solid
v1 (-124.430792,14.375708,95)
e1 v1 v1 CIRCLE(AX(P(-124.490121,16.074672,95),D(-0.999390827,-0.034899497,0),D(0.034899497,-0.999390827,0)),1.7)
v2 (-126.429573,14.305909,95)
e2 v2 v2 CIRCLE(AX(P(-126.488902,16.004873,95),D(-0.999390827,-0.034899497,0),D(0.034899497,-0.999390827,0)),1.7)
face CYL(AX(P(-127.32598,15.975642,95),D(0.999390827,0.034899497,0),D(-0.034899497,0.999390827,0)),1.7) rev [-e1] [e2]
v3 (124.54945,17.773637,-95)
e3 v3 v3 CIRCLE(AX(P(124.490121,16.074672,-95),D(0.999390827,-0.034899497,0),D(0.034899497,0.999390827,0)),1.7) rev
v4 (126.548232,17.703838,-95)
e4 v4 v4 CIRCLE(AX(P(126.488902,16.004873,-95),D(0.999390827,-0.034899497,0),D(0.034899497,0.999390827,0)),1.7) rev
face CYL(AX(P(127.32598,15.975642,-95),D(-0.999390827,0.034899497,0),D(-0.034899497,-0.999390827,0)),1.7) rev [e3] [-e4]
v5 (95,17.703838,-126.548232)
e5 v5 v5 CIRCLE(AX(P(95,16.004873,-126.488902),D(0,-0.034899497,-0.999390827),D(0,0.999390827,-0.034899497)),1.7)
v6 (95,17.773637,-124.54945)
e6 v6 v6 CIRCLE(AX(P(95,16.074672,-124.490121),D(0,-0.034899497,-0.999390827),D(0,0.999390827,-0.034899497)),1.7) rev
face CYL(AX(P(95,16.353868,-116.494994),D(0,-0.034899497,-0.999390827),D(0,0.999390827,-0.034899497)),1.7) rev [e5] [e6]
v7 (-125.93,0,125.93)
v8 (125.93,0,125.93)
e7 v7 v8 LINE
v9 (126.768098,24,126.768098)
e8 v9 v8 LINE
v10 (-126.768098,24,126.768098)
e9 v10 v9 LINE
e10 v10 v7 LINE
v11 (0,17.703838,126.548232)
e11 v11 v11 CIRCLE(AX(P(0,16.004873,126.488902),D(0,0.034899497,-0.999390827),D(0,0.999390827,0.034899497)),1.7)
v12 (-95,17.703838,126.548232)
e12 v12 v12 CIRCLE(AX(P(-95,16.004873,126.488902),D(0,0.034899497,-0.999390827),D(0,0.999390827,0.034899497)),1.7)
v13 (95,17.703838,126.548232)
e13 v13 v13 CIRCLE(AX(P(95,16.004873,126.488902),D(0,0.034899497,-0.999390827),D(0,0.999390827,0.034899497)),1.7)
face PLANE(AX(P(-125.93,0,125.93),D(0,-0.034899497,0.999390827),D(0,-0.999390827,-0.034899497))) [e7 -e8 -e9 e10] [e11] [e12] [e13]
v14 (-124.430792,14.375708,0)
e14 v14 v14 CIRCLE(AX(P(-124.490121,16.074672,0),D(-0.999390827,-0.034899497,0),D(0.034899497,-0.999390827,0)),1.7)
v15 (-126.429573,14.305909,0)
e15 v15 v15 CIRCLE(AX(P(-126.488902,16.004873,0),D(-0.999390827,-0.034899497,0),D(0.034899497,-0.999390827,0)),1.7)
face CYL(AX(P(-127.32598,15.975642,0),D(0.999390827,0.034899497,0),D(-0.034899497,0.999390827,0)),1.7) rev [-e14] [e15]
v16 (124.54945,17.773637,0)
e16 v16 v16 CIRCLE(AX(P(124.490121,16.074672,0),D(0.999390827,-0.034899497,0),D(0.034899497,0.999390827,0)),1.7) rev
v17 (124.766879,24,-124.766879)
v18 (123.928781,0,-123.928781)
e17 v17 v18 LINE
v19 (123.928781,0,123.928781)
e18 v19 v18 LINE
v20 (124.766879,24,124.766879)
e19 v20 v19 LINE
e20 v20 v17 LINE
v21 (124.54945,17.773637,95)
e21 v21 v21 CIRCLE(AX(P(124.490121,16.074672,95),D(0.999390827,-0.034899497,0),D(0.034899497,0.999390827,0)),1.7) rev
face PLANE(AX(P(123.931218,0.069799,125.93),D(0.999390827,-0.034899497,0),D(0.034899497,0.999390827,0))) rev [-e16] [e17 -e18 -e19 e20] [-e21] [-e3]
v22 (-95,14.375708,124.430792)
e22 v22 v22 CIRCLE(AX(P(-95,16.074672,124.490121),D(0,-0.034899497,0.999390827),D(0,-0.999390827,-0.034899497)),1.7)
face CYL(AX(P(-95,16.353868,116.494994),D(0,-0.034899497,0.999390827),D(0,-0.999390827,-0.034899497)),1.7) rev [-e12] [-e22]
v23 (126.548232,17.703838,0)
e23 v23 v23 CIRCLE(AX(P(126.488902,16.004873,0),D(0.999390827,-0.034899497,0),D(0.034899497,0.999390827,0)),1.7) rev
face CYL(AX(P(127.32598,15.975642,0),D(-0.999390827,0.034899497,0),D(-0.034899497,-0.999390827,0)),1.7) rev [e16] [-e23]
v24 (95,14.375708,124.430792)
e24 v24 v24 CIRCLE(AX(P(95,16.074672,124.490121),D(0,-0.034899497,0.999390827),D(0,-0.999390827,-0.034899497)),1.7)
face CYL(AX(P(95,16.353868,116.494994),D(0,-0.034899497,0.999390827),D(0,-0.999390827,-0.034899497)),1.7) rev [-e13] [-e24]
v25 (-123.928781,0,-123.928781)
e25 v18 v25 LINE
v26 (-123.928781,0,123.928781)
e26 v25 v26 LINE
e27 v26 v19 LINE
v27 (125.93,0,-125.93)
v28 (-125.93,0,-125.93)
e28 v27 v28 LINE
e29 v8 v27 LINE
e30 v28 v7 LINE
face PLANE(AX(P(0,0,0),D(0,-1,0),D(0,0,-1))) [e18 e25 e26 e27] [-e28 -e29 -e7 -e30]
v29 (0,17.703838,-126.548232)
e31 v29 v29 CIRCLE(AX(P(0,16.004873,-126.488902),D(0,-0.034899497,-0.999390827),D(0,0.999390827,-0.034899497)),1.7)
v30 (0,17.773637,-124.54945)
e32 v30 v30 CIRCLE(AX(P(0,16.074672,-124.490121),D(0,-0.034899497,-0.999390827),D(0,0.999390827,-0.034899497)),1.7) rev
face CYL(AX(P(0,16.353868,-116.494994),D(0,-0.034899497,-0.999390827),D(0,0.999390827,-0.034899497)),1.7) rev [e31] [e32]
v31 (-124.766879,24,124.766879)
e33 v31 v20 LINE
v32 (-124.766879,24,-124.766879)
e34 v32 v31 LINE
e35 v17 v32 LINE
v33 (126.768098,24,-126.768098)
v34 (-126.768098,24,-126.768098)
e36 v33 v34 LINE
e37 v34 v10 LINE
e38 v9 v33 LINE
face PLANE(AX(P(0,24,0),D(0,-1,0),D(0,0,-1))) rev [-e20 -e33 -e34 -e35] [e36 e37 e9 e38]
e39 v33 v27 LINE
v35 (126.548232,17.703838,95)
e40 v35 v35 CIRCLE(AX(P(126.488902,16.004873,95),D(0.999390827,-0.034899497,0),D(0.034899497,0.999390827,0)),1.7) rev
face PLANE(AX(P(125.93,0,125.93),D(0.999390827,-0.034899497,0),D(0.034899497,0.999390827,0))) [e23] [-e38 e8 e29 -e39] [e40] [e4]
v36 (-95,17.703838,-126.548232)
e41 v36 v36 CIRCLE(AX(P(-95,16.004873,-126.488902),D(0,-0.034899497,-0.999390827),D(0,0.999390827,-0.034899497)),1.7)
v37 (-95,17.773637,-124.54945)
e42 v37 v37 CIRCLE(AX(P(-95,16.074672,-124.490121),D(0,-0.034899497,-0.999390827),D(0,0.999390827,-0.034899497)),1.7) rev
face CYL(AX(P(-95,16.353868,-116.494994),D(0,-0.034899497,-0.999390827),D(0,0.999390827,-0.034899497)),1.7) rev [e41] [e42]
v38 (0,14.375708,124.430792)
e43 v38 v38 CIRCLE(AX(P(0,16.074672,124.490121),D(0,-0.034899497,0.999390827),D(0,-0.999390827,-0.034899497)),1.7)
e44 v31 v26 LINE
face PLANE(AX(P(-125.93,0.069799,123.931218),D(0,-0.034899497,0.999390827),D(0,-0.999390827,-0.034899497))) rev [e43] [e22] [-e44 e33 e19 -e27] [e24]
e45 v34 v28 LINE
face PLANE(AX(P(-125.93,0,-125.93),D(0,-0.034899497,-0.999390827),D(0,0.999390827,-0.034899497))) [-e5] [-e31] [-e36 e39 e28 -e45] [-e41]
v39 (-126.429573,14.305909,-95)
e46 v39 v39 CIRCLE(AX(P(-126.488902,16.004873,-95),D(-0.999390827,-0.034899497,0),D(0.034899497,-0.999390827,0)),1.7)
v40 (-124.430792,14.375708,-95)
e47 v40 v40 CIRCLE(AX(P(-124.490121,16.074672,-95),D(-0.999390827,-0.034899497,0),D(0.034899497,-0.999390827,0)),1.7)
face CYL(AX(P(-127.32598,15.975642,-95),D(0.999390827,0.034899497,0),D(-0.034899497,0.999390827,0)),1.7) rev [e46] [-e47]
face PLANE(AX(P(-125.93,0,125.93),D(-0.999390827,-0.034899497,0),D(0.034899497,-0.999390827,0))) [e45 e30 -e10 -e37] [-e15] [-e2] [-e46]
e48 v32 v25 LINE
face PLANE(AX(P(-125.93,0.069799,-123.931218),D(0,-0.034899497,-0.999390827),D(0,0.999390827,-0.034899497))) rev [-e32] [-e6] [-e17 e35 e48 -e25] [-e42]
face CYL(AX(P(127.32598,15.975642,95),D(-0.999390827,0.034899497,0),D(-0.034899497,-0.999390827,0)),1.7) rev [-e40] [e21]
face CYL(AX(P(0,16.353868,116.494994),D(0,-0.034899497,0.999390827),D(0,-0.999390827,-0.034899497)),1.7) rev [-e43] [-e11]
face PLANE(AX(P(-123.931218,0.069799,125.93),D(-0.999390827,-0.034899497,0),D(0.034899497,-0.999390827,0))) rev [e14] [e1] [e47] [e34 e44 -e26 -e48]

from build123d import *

# Parameters (mm, degrees)
SKETCH2_W           = 251.86
SKETCH2_H           = 251.86
BOSS_EXTRUDE1_DEPTH = 24
BOSS_EXTRUDE1_DRAFT = -2
SHELL1_T            = -2
CUT_EXTRUDE1_START  = -10
SKETCH3_R           = 1.7
CUT_EXTRUDE1_DEPTH  = 294.998422143
SKETCH4_R           = 1.7
CUT_EXTRUDE2_DEPTH  = 10


with BuildPart() as part:
    # Sketch2 → Boss-Extrude1 (with draft: the straight prism first)
    with BuildSketch(Plane(origin=(0, 0, 0), x_dir=(1, 0, 0), z_dir=(0, 1, 0))):
        Rectangle(SKETCH2_W, SKETCH2_H)
    extrude(amount=BOSS_EXTRUDE1_DEPTH)
    # Boss-Extrude1: the draft: its side faces are tilted about the plane it starts from
    boss_extrude1_sides = [part.faces().sort_by_distance(p)[0] for p in [
        (0, 12, 125.93),
        (125.93, 12, 0),
        (0, 12, -125.93),
        (-125.93, 12, 0),
    ]]
    draft(boss_extrude1_sides, Plane(origin=(0, 0, 0), x_dir=(1, 0, 0), z_dir=(0, 1, 0)), BOSS_EXTRUDE1_DRAFT)

    # Shell1
    shell1_openings = [part.faces().sort_by_distance(p)[0] for p in [
        (0, 24, 0),
        (0, 0, 0),
    ]]
    offset(amount=SHELL1_T, openings=shell1_openings, kind=Kind.INTERSECTION)

    # Sketch3 → Cut-Extrude1 (cut)
    with BuildSketch(Plane(origin=(-125.776620425, -4.392216369, 0), x_dir=(0, 0, 1), z_dir=(-0.9993908270190958, -0.03489949670250105, 0)).offset(CUT_EXTRUDE1_START)):
        with Locations(Location((-95, 20.409522683, 0), (0, 0, 270))):
            Circle(SKETCH3_R)
        with Locations(Location((0, 20.409522683, 0), (0, 0, 270))):
            Circle(SKETCH3_R)
        with Locations(Location((95, 20.409522683, 0), (0, 0, 270))):
            Circle(SKETCH3_R)
    cut_extrude1 = extrude(amount=CUT_EXTRUDE1_DEPTH, mode=Mode.SUBTRACT)

    # Mirror1: Cut-Extrude1 across plane
    add(cut_extrude1.mirror(Plane(origin=(0, 0, 0), x_dir=(0, 0, 1), z_dir=(1, 0, 0))), mode=Mode.SUBTRACT)

    # Sketch4 → Cut-Extrude2 (cut)
    with BuildSketch(Plane(origin=(0, -4.392216369, -125.776620425), x_dir=(-1, 0, 0), z_dir=(0, -0.03489949670250105, -0.9993908270190958))):
        with Locations(Location((-95, 20.409522683, 0), (0, 0, 90))):
            Circle(SKETCH4_R)
        with Locations(Location((0, 20.409522683, 0), (0, 0, 90))):
            Circle(SKETCH4_R)
        with Locations(Location((95, 20.409522683, 0), (0, 0, 90))):
            Circle(SKETCH4_R)
    cut_extrude2 = extrude(amount=-CUT_EXTRUDE2_DEPTH, mode=Mode.SUBTRACT)

    # Mirror2: Cut-Extrude2 across plane
    add(cut_extrude2.mirror(Plane.XY), mode=Mode.SUBTRACT)


solid = part.part
